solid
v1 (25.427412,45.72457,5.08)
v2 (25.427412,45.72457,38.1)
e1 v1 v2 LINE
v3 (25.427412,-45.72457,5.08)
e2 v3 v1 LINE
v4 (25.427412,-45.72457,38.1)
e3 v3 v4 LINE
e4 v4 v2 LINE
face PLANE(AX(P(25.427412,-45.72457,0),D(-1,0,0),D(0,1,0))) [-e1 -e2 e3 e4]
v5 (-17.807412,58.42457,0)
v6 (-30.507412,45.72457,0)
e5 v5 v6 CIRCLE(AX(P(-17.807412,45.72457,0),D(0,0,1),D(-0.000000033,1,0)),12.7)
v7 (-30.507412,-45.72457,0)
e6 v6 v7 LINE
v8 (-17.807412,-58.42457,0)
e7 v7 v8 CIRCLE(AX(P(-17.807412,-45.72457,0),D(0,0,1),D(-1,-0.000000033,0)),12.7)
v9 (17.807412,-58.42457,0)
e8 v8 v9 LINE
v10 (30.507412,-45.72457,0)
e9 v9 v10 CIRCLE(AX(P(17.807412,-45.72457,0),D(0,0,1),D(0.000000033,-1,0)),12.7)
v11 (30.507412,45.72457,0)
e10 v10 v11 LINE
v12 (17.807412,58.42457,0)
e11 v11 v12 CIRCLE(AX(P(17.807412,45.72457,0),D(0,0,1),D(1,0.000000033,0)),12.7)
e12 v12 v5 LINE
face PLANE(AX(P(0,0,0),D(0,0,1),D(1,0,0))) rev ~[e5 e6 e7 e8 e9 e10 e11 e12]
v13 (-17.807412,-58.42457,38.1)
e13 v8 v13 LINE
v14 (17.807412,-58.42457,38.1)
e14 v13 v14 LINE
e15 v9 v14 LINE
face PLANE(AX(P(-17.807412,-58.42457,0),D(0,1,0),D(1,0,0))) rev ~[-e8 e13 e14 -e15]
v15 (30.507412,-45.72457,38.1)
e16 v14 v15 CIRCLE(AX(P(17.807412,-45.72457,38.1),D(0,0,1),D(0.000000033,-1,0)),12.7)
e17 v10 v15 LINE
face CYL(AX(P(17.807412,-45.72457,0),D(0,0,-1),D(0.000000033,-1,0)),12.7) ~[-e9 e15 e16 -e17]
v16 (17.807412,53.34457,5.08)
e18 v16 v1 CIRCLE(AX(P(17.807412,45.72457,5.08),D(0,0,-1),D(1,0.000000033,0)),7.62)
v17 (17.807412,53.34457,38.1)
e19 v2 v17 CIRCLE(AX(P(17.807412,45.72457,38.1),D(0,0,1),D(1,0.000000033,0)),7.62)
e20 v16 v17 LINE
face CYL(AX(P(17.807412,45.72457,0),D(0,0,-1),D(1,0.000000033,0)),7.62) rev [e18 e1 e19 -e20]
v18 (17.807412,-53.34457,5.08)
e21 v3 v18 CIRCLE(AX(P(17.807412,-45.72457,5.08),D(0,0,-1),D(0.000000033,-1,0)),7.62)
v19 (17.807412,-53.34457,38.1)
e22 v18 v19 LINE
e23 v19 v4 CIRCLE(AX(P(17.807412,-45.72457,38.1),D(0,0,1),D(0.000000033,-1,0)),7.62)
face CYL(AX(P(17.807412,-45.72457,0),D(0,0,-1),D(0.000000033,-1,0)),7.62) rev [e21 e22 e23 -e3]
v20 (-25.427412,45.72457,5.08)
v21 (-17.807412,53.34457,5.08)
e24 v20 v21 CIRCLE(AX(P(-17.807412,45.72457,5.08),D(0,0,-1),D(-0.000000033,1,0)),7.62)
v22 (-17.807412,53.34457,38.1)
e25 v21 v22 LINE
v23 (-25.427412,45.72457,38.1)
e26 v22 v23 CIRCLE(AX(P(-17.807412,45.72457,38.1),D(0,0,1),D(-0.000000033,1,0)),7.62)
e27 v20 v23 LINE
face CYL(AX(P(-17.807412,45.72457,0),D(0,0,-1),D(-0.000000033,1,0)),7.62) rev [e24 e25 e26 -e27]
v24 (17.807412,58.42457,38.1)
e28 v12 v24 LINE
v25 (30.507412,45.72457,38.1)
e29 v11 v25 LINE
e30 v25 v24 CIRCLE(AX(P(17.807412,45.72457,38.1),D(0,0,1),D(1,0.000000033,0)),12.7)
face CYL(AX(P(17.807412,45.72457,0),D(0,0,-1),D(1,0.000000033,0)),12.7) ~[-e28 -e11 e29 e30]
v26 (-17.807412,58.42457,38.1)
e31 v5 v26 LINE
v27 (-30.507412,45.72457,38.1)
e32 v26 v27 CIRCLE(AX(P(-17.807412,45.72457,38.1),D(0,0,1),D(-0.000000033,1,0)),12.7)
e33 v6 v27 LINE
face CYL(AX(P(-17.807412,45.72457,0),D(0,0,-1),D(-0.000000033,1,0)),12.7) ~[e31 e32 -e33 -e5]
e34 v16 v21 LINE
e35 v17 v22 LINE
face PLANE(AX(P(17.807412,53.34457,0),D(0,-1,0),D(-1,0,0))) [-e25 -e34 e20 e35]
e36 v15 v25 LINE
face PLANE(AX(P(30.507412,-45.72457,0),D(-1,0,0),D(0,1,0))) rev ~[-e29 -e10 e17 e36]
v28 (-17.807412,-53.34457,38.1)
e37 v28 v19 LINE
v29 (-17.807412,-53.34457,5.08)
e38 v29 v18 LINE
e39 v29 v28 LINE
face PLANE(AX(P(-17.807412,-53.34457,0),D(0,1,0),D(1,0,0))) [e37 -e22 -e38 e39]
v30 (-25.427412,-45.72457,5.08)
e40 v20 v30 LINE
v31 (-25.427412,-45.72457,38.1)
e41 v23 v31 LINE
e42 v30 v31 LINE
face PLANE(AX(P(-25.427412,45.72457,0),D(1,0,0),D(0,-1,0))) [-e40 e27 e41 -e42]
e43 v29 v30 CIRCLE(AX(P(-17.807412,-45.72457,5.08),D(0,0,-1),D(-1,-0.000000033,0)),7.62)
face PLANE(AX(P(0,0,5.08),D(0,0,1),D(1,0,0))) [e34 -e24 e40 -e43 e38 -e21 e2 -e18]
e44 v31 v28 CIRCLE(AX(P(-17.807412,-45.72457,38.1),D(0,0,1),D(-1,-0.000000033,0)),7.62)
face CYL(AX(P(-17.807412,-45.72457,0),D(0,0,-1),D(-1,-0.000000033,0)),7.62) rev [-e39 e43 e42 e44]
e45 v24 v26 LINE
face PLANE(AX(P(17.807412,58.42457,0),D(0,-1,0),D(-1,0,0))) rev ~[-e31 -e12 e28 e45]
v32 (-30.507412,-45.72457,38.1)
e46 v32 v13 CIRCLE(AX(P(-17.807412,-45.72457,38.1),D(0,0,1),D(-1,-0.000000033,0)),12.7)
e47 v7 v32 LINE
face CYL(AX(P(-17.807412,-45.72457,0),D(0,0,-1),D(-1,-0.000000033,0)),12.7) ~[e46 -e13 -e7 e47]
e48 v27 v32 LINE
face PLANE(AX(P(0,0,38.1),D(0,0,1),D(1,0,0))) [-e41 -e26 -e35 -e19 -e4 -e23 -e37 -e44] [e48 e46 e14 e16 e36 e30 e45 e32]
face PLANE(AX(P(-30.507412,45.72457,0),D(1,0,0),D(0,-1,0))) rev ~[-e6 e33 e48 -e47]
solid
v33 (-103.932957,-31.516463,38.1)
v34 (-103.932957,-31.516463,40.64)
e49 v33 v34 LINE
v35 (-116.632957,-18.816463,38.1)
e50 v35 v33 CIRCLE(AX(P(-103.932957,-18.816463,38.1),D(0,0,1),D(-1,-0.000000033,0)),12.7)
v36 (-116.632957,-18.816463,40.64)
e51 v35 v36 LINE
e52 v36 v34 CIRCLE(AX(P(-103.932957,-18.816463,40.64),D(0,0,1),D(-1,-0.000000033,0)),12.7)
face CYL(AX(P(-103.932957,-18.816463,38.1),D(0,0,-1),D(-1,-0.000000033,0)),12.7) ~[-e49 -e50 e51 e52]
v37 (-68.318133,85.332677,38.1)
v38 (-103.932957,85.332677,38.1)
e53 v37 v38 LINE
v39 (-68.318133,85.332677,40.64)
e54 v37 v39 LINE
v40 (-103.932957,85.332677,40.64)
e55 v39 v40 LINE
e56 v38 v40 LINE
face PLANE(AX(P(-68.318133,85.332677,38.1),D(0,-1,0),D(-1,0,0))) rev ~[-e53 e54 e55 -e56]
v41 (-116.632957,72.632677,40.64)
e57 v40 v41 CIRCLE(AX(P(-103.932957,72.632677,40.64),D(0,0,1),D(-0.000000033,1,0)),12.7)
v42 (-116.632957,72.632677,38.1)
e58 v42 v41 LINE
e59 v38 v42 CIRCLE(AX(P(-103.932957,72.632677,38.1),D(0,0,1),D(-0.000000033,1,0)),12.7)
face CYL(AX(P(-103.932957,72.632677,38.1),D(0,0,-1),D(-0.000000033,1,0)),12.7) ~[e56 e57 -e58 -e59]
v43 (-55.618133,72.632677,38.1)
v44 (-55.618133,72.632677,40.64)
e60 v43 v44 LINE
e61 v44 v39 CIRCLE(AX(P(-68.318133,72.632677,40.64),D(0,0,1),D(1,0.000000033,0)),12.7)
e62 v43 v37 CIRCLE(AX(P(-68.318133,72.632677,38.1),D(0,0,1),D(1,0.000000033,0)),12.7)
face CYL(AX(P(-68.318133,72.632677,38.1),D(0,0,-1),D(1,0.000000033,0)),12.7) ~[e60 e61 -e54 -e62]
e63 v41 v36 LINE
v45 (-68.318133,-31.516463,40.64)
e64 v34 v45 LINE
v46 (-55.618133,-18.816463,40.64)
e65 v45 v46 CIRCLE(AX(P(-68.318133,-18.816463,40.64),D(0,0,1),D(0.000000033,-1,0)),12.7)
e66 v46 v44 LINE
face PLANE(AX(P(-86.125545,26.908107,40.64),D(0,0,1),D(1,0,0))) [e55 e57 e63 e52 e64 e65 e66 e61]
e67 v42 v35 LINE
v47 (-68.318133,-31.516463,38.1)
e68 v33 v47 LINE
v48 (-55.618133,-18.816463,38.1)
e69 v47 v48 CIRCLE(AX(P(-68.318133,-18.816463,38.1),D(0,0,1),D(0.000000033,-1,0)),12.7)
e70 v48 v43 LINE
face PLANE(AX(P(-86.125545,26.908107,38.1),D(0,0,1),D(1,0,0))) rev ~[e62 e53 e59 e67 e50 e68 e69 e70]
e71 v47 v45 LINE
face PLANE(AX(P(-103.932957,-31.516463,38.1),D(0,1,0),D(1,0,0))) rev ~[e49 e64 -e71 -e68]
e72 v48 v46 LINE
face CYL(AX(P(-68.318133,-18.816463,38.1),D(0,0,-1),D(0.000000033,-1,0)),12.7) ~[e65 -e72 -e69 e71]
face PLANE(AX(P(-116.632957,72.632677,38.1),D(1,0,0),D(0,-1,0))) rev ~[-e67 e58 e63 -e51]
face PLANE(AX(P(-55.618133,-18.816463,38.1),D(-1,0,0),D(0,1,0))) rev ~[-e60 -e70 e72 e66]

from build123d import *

# Parameters (mm, degrees)
F1_DEPTH = 38.1
F2_T     = -5.08
F4_DEPTH = 2.54


with BuildPart() as f1:
    # F0 (on Top) → F1 (new body)
    with BuildSketch(Plane.XY):
        with BuildLine():
            ThreePointArc((30.507412, 45.72457), (26.787668, 54.704826), (17.807412, 58.42457))
            Line((17.807412, 58.42457), (-17.807412, 58.42457))
            ThreePointArc((-17.807412, 58.42457), (-26.787668, 54.704826), (-30.507412, 45.72457))
            Line((-30.507412, 45.72457), (-30.507412, -45.72457))
            ThreePointArc((-30.507412, -45.72457), (-26.787668, -54.704826), (-17.807412, -58.42457))
            Line((-17.807412, -58.42457), (17.807412, -58.42457))
            ThreePointArc((17.807412, -58.42457), (26.787668, -54.704826), (30.507412, -45.72457))
            Line((30.507412, -45.72457), (30.507412, 45.72457))
        make_face()
    extrude(amount=F1_DEPTH)

    # F2
    f2_openings = [f1.faces().sort_by_distance(p)[0] for p in [
        (0, 0, 38.1),
    ]]
    offset(amount=F2_T, openings=f2_openings)


with BuildPart() as f4:
    # F3 (on face) → F4 (new body)
    with BuildSketch(Plane.XY.offset(38.1)):
        with BuildLine():
            ThreePointArc((-55.618133, 72.632677), (-59.337877, 81.612933), (-68.318133, 85.332677))
            Line((-68.318133, 85.332677), (-103.932957, 85.332677))
            ThreePointArc((-103.932957, 85.332677), (-112.913213, 81.612933), (-116.632957, 72.632677))
            Line((-116.632957, 72.632677), (-116.632957, -18.816463))
            ThreePointArc((-116.632957, -18.816463), (-112.913213, -27.796719), (-103.932957, -31.516463))
            Line((-103.932957, -31.516463), (-68.318133, -31.516463))
            ThreePointArc((-68.318133, -31.516463), (-59.337877, -27.796719), (-55.618133, -18.816463))
            Line((-55.618133, -18.816463), (-55.618133, 72.632677))
        make_face()
    extrude(amount=F4_DEPTH)


solid = Compound([f1.part, f4.part])
